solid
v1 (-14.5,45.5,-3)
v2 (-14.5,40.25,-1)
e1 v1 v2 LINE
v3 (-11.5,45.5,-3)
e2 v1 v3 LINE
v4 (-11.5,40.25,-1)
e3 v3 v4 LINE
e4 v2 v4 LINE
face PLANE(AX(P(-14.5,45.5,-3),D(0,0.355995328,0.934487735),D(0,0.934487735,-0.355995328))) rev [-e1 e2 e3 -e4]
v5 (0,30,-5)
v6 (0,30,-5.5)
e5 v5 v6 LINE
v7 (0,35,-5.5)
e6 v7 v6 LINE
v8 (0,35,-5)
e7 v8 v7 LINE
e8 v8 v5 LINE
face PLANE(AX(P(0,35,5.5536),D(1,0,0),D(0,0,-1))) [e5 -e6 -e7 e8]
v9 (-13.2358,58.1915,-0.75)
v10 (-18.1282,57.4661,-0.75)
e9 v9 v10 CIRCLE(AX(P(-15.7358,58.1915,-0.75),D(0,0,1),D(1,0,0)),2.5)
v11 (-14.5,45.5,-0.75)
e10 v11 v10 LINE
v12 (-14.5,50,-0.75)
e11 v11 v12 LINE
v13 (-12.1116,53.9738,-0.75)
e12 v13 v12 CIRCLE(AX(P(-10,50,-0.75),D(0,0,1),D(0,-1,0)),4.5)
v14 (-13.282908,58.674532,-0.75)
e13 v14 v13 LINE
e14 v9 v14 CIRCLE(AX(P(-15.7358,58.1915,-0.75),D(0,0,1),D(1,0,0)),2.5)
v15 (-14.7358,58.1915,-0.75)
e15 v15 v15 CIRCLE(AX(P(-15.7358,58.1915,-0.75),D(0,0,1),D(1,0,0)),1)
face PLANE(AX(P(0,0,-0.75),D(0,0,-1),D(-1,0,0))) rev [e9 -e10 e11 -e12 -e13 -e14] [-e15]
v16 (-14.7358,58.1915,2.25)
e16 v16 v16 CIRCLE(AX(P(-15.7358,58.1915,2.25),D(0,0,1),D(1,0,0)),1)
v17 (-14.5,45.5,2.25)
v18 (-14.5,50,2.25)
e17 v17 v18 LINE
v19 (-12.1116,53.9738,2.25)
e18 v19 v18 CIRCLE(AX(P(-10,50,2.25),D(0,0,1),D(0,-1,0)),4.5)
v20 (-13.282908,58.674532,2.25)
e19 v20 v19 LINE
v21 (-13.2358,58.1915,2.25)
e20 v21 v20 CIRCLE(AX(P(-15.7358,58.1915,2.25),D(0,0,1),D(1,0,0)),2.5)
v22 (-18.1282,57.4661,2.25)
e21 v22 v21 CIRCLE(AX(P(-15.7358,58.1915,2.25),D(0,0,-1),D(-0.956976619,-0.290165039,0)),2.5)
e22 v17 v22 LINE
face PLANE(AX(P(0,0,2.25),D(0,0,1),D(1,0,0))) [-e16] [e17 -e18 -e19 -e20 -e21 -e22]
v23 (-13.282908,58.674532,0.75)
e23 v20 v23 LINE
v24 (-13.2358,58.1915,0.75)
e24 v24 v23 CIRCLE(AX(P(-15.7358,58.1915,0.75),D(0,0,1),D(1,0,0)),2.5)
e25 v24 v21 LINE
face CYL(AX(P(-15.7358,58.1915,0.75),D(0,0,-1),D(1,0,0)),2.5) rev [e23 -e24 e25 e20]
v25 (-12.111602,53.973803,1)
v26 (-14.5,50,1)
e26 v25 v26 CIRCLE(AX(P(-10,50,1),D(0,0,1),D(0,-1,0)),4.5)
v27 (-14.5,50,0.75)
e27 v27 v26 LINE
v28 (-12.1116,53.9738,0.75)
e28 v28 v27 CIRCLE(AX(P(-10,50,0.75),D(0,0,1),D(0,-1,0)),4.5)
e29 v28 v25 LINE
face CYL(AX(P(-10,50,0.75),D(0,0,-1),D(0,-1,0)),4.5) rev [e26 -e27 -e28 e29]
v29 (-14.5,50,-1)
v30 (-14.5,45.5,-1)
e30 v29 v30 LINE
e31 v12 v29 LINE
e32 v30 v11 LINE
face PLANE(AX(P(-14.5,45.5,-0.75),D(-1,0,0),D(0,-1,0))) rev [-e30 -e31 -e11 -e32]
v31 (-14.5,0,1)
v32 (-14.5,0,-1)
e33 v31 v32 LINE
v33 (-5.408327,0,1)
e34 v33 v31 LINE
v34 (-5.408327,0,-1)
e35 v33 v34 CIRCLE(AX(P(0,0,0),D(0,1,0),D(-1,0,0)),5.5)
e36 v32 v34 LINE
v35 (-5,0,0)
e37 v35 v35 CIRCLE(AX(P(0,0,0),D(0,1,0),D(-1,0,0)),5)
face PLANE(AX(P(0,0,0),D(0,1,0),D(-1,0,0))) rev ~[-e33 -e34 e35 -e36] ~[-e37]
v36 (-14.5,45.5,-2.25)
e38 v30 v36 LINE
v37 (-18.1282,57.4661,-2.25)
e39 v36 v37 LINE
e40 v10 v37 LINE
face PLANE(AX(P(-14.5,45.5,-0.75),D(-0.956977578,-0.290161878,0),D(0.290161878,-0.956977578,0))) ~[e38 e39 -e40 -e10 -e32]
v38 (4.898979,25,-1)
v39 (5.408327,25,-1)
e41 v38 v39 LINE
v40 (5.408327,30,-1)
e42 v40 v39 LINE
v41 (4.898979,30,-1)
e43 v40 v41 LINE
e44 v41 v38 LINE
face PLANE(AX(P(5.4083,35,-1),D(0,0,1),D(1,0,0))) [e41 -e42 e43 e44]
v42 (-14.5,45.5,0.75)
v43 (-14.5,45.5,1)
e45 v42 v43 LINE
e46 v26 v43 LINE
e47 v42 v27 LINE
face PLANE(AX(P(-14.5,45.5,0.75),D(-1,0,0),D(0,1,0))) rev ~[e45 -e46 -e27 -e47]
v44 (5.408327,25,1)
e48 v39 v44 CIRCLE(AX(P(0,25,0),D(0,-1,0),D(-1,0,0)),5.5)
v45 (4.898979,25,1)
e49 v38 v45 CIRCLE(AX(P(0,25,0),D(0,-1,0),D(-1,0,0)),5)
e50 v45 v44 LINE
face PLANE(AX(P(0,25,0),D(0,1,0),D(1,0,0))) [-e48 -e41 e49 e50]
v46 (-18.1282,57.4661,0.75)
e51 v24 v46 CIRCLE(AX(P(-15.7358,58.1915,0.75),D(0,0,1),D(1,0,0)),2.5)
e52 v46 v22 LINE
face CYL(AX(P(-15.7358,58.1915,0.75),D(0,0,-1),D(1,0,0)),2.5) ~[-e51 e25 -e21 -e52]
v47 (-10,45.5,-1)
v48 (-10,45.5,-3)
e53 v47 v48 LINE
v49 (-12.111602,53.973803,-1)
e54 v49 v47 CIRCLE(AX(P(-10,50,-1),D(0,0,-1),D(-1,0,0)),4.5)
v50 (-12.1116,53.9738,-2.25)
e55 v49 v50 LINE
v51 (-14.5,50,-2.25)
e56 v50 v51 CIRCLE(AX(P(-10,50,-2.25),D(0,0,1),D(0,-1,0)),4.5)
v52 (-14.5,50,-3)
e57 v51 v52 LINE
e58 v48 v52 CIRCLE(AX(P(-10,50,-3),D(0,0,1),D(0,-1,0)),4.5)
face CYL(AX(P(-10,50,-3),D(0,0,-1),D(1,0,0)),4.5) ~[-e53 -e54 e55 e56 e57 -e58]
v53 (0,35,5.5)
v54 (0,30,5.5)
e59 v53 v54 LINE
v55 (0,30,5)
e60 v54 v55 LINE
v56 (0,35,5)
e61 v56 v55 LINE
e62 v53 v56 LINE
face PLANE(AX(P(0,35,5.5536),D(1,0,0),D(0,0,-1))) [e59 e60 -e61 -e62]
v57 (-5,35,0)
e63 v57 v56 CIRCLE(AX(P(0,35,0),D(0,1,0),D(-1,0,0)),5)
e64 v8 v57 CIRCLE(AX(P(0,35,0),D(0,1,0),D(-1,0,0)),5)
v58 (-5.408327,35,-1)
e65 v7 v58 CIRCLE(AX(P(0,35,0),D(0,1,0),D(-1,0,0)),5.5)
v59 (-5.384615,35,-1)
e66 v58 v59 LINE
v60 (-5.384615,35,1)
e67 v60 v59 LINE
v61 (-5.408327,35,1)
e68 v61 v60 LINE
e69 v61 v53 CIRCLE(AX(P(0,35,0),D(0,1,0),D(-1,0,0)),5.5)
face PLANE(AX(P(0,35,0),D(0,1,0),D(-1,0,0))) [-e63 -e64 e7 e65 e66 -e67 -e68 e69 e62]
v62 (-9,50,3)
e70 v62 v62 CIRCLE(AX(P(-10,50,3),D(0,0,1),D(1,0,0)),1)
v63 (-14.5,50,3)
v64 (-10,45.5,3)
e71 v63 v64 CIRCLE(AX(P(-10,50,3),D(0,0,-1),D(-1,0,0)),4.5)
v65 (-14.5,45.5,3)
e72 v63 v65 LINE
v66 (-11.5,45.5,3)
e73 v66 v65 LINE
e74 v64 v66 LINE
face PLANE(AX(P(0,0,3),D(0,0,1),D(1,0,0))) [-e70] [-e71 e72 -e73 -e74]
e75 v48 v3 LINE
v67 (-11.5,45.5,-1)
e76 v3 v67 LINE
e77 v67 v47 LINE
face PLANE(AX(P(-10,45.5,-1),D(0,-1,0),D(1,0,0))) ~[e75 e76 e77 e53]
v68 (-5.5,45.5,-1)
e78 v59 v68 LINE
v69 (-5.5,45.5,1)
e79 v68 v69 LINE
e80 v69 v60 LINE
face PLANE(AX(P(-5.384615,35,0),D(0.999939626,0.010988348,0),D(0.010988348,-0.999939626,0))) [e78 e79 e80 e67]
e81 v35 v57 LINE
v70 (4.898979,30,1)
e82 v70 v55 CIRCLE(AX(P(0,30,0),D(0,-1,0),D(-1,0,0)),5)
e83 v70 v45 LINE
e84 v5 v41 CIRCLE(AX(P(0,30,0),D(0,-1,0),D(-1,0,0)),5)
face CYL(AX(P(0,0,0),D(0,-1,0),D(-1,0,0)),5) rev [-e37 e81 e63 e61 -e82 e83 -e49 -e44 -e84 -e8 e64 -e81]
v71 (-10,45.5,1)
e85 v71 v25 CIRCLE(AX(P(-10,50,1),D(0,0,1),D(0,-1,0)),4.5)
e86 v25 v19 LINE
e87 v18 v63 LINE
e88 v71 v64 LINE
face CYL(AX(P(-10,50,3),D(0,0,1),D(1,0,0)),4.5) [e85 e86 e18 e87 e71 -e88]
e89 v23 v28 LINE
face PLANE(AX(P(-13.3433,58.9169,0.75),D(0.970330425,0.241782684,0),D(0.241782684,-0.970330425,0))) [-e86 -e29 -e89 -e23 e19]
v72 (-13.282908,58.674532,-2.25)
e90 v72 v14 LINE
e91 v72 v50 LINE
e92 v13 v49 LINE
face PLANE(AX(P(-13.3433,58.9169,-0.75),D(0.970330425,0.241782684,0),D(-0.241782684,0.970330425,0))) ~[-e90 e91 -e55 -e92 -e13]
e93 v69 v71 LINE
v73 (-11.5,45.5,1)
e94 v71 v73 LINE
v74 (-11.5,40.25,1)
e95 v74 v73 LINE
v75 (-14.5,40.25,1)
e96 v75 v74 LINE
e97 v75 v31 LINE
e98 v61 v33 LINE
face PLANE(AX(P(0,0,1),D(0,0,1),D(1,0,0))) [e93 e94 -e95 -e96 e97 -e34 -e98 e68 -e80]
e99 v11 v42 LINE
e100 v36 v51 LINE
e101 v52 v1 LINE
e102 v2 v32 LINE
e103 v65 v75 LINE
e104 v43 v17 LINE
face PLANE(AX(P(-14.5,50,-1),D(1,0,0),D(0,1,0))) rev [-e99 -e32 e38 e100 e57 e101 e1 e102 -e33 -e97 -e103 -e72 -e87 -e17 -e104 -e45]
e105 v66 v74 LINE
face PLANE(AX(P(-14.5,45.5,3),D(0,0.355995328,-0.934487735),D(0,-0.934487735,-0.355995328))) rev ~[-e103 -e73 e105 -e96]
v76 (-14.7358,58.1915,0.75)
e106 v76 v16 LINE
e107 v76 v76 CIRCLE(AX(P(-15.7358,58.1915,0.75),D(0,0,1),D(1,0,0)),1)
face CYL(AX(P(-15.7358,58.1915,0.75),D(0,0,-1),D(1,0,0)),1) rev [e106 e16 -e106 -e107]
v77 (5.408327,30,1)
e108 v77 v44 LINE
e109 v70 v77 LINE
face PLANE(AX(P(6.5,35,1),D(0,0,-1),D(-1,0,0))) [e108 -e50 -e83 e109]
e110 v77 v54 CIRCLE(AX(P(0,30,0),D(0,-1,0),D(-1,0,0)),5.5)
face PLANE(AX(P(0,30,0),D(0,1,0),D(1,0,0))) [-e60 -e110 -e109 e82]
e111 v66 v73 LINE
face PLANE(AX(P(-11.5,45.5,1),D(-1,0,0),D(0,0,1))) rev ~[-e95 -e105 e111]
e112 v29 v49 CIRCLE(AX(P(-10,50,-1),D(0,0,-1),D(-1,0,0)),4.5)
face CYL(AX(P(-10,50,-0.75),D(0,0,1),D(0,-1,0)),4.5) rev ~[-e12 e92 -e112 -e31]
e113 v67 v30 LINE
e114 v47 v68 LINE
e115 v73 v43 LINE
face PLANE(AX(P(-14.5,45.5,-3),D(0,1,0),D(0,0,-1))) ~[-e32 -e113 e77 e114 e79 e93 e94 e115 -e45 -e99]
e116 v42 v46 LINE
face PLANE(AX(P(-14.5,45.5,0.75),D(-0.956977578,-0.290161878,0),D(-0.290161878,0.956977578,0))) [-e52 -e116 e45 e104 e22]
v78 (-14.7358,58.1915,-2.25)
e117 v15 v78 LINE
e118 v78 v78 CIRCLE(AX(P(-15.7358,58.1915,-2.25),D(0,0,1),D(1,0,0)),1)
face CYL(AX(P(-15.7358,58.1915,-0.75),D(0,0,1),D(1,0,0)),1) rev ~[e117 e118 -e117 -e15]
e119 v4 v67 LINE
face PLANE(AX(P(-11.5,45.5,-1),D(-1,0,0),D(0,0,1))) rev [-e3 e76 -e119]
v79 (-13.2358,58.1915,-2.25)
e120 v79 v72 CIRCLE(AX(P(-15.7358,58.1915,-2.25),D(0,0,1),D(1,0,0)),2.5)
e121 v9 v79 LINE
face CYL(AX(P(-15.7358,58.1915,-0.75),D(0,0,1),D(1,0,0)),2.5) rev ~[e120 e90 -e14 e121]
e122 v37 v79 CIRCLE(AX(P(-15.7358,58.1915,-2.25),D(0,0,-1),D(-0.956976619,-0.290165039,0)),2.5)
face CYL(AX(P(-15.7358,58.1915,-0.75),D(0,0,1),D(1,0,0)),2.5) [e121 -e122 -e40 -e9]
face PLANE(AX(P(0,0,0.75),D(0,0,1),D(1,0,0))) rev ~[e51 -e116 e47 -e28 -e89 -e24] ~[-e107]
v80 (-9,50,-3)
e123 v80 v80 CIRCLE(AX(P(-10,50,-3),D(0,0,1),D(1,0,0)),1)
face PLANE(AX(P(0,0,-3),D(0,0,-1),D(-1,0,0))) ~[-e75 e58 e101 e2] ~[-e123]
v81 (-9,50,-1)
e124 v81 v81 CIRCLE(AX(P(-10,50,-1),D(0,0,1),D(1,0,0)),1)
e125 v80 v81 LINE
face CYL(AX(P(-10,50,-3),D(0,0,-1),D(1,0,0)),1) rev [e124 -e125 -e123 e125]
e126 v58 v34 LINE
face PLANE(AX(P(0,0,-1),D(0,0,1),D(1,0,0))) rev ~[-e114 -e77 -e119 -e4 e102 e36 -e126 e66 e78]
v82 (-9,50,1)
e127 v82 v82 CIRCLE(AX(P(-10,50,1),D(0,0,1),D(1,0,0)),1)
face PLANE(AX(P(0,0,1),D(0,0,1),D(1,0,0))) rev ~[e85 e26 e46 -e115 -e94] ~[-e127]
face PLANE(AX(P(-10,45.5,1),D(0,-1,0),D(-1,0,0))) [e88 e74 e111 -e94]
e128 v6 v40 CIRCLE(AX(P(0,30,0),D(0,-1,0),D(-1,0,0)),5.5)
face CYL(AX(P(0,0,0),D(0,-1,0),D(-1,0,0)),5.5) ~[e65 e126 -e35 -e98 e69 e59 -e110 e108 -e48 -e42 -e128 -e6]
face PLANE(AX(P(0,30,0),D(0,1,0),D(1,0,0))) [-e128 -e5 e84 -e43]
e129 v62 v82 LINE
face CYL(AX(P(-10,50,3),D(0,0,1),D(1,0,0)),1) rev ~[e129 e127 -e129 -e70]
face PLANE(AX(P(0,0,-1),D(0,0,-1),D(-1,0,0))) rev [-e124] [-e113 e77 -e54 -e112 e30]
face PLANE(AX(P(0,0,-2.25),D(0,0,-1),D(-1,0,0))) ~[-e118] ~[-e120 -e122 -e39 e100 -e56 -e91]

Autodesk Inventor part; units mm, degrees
ref_plane "YZ Plane" through (0, 0, 0) normal (1, 0, 0) x (0, 1, 0)
ref_plane "XZ Plane" through (0, 0, 0) normal (0, 1, 0) x (-1, 0, 0)
sketch "Sketch1" plane through (0, 0, 0) normal (0, 1, 0) x (-1, 0, 0)
  circle A0 centre (0, 0) radius 5
  circle A1 centre (0, 0) radius 5.5
  dimension "d0" = 10
  dimension "d1" = 11
extrude "Extrusion1" add sketch "Sketch1" along normal blind 35
sketch "Sketch2" plane through (0, 0, 0) normal (0, 0, 1) x (1, 0, 0)
  point P0 (0, 0)
sketch "Sketch3" plane through (0, 0, 0) normal (0, 0, 1) x (1, 0, 0)
  line L0 (0, 0) -> (-10, 0)
  line L1 (-5.5, 0) -> (5.5, 0) projected
  circle A0 centre (-10, 50) radius 1
  line L2 (-5.5495, 50) -> (-5.5, 50)
  line L3 (-5.5, 50) -> (-5.5, 35)
  line L4 (5.5, 35) -> (-5.5, 35) projected
  line L5 (-14.5, 50) -> (-14.5, 0)
  line L6 (-14.5, 0) -> (-10, 0)
  circle A1 centre (-10, 50) radius 4.5
  line L7 (-10, 45.5) -> (-5.5, 45.5)
  line L8 (-14.5, 45.5) -> (-10, 45.5)
  line L9 (-5.5, 0) -> (-5.5, 50)
  line L10 (-5.5, 0) -> (-5.5, 45.5)
  line L11 (5, 0) -> (-5, 0) projected
  line L12 (-5.5, 0) -> (-5.5, 45.5)
  line L13 (-10, 0) -> (-5, 0)
  line L14 (-5.5, 45.5) -> (-5, 0)
  line L15 (-10, 0) -> (-10, 45.5)
  line L16 (-10, 45.5) -> (-5.5, 45.5)
  line L17 (-9, 50) -> (-10, 50)
  line L18 (-11, 50) -> (-14.5, 50)
  line L19 (-10, 0) -> (-10, 45.5)
  line L20 (-10, 49) -> (-10, 50)
  circle A2 centre (-10, 50) radius 4.5
  line L21 (-14.5, 45.5) -> (-14.5, 50)
  line L22 (-14.5, 45.5) -> (-5.5, 45.5)
  line L23 (-5.5, 45.5) -> (-5.5, 50)
  line L24 (-10, 50) -> (0, 50) construction
  line L25 (-10, 50) -> (-10.5736, 50.8192)
  circle A3 centre (-15.7358, 58.1915) radius 1
  circle A4 centre (-15.7358, 58.1915) radius 2.5
  point P0 (12.8857, 32.907)
  dimension "d4" = 10
  dimension "d5" = 50
  dimension "d7" = 2
  dimension "d8" = 9
  dimension "d19" = 2
  dimension "d20" = 5
extrude "Extrusion2" add sketch "Sketch3" along normal mid plane 2 contours L0 L9 L4 L14 | L0 L15 L7 L3 L9 | L4 L3 L14 | L6 L5 L8 L15
sketch "Sketch4" plane through (0, 0, 1) normal (0, 0, 1) x (1, 0, 0)
  circle A0 centre (-10, 50) radius 4.5 projected
  line L0 (-14.5, 50) -> (-14.5, 0) projected
  line L1 (-5.5, 50) -> (-5.5, 35) projected
  line L2 (-5.5, 45.5) -> (-14.5, 45.5) projected
  arc A1 (-14.5, 50) -> (-10, 45.5) centre (-10, 50) ccw
  line L3 (-10, 45.5) -> (-14.5, 45.5)
  line L4 (-14.5, 45.5) -> (-14.5, 50)
  point P0 (0, 0)
extrude "Extrusion3" add sketch "Sketch4" along normal blind 2 contours A0 L2 L0
sketch "Sketch5" plane through (0, 0, 1) normal (0, 0, 1) x (1, 0, 0)
  line L0 (-5.3846, 35) -> (-5.5, 45.5) projected
  line L1 (-5.4396, 40) -> (-14.5, 40)
  line L2 (-14.5, 45.5) -> (-14.5, 0) projected
  point P0 (0, 0)
sketch "Sketch6" plane through (-14.5, 45.5, 1) normal (-1, 0, 0) x (0, 0, 1)
  line L0 (2, 0) -> (0, -5.25)
  line L1 (0, -10.5) -> (0, 0) projected
  line L2 (2, 0) -> (0, 0)
  line L3 (0, 0) -> (0, -5.25)
  point P0 (-1, -45.5)
extrude "Extrusion4" add sketch "Sketch6" against normal blind 3
sketch "Sketch7" plane through (0, 0, 3) normal (0, 0, 1) x (1, 0, 0)
  circle A0 centre (-10, 50) radius 4.5 projected
  circle A1 centre (-10, 50) radius 1 projected
  point P0 (0, 0)
extrude "Extrusion5" add sketch "Sketch7" against normal blind 2
mirror "Mirror1" about plane through (0, 0, 0) normal (0, 0, 1) of "Extrusion4", "Extrusion3", "Extrusion5"
ref_plane "Work Plane1" through (0, 0, 0.75) normal (0, 0, 1) x (1, 0, 0)
sketch "Sketch8" plane through (0, 0, 0.75) normal (0, 0, 1) x (1, 0, 0)
  circle A0 centre (-15.7358, 58.1915) radius 2.5 projected
  circle A1 centre (-15.7358, 58.1915) radius 1 projected
  line L0 (-14.5, 45.5) -> (-18.1282, 57.4661)
  line L1 (-13.3433, 58.9169) -> (-12.1116, 53.9738)
  arc A2 (-10, 45.5) -> (-14.5, 50) centre (-10, 50) ccw projected
  arc A3 (-12.1116, 53.9738) -> (-14.5, 50) centre (-10, 50) ccw
  line L2 (-14.5, 45.5) -> (-14.5, 50)
  line L3 (-14.5, 50) -> (-14.5, 45.5) projected
  point P0 (0, 0)
extrude "Extrusion6" add sketch "Sketch8" along normal blind 1.5
mirror "Mirror2" about plane through (0, 0, 0) normal (0, 0, 1) of "Extrusion6"
sketch "Sketch9" plane through (0, 0, 0) normal (0, 0, -1) x (1, 0, 0)
  point P0 (0, 0)
sketch "Sketch10" plane through (0, 35, 0) normal (0, 1, 0) x (1, 0, 0)
  line L0 (6.5, -1) -> (4.5, -1)
  line L1 (4.5, -1) -> (4.5, 1)
  line L2 (4.5, 1) -> (6.5, 1)
  line L3 (6.5, 1) -> (6.5, -1)
  arc A0 (-5.4083, -1) -> (-5.4083, 1) centre (0, 0) ccw projected
  line L4 (6.5, -1) -> (4.5, 1) construction
  line L5 (4.5, -1) -> (6.5, 1) construction
  point P0 (5.5, 0)
  dimension "d24" = 2
  dimension "d25" = 2
extrude "Extrusion7" cut sketch "Sketch10" against normal blind 10
sketch "Sketch11" plane through (0, 35, 0) normal (0, 1, 0) x (1, 0, 0)
  line L0 (0, 5.5536) -> (9.1038, 5.5536)
  line L1 (9.1038, 5.5536) -> (9.1038, -5.5536)
  line L2 (9.1038, -5.5536) -> (0, -5.5536)
  line L3 (0, -5.5536) -> (0, 5.5536)
  point P0 (0, 0)
extrude "Extrusion8" cut sketch "Sketch11" against normal blind 5
ref_plane "Work Plane2" through (0, 0, 0) normal (0, 0, 1) x (1, 0, 0)
properties part number "Base_Cylinder_1"
